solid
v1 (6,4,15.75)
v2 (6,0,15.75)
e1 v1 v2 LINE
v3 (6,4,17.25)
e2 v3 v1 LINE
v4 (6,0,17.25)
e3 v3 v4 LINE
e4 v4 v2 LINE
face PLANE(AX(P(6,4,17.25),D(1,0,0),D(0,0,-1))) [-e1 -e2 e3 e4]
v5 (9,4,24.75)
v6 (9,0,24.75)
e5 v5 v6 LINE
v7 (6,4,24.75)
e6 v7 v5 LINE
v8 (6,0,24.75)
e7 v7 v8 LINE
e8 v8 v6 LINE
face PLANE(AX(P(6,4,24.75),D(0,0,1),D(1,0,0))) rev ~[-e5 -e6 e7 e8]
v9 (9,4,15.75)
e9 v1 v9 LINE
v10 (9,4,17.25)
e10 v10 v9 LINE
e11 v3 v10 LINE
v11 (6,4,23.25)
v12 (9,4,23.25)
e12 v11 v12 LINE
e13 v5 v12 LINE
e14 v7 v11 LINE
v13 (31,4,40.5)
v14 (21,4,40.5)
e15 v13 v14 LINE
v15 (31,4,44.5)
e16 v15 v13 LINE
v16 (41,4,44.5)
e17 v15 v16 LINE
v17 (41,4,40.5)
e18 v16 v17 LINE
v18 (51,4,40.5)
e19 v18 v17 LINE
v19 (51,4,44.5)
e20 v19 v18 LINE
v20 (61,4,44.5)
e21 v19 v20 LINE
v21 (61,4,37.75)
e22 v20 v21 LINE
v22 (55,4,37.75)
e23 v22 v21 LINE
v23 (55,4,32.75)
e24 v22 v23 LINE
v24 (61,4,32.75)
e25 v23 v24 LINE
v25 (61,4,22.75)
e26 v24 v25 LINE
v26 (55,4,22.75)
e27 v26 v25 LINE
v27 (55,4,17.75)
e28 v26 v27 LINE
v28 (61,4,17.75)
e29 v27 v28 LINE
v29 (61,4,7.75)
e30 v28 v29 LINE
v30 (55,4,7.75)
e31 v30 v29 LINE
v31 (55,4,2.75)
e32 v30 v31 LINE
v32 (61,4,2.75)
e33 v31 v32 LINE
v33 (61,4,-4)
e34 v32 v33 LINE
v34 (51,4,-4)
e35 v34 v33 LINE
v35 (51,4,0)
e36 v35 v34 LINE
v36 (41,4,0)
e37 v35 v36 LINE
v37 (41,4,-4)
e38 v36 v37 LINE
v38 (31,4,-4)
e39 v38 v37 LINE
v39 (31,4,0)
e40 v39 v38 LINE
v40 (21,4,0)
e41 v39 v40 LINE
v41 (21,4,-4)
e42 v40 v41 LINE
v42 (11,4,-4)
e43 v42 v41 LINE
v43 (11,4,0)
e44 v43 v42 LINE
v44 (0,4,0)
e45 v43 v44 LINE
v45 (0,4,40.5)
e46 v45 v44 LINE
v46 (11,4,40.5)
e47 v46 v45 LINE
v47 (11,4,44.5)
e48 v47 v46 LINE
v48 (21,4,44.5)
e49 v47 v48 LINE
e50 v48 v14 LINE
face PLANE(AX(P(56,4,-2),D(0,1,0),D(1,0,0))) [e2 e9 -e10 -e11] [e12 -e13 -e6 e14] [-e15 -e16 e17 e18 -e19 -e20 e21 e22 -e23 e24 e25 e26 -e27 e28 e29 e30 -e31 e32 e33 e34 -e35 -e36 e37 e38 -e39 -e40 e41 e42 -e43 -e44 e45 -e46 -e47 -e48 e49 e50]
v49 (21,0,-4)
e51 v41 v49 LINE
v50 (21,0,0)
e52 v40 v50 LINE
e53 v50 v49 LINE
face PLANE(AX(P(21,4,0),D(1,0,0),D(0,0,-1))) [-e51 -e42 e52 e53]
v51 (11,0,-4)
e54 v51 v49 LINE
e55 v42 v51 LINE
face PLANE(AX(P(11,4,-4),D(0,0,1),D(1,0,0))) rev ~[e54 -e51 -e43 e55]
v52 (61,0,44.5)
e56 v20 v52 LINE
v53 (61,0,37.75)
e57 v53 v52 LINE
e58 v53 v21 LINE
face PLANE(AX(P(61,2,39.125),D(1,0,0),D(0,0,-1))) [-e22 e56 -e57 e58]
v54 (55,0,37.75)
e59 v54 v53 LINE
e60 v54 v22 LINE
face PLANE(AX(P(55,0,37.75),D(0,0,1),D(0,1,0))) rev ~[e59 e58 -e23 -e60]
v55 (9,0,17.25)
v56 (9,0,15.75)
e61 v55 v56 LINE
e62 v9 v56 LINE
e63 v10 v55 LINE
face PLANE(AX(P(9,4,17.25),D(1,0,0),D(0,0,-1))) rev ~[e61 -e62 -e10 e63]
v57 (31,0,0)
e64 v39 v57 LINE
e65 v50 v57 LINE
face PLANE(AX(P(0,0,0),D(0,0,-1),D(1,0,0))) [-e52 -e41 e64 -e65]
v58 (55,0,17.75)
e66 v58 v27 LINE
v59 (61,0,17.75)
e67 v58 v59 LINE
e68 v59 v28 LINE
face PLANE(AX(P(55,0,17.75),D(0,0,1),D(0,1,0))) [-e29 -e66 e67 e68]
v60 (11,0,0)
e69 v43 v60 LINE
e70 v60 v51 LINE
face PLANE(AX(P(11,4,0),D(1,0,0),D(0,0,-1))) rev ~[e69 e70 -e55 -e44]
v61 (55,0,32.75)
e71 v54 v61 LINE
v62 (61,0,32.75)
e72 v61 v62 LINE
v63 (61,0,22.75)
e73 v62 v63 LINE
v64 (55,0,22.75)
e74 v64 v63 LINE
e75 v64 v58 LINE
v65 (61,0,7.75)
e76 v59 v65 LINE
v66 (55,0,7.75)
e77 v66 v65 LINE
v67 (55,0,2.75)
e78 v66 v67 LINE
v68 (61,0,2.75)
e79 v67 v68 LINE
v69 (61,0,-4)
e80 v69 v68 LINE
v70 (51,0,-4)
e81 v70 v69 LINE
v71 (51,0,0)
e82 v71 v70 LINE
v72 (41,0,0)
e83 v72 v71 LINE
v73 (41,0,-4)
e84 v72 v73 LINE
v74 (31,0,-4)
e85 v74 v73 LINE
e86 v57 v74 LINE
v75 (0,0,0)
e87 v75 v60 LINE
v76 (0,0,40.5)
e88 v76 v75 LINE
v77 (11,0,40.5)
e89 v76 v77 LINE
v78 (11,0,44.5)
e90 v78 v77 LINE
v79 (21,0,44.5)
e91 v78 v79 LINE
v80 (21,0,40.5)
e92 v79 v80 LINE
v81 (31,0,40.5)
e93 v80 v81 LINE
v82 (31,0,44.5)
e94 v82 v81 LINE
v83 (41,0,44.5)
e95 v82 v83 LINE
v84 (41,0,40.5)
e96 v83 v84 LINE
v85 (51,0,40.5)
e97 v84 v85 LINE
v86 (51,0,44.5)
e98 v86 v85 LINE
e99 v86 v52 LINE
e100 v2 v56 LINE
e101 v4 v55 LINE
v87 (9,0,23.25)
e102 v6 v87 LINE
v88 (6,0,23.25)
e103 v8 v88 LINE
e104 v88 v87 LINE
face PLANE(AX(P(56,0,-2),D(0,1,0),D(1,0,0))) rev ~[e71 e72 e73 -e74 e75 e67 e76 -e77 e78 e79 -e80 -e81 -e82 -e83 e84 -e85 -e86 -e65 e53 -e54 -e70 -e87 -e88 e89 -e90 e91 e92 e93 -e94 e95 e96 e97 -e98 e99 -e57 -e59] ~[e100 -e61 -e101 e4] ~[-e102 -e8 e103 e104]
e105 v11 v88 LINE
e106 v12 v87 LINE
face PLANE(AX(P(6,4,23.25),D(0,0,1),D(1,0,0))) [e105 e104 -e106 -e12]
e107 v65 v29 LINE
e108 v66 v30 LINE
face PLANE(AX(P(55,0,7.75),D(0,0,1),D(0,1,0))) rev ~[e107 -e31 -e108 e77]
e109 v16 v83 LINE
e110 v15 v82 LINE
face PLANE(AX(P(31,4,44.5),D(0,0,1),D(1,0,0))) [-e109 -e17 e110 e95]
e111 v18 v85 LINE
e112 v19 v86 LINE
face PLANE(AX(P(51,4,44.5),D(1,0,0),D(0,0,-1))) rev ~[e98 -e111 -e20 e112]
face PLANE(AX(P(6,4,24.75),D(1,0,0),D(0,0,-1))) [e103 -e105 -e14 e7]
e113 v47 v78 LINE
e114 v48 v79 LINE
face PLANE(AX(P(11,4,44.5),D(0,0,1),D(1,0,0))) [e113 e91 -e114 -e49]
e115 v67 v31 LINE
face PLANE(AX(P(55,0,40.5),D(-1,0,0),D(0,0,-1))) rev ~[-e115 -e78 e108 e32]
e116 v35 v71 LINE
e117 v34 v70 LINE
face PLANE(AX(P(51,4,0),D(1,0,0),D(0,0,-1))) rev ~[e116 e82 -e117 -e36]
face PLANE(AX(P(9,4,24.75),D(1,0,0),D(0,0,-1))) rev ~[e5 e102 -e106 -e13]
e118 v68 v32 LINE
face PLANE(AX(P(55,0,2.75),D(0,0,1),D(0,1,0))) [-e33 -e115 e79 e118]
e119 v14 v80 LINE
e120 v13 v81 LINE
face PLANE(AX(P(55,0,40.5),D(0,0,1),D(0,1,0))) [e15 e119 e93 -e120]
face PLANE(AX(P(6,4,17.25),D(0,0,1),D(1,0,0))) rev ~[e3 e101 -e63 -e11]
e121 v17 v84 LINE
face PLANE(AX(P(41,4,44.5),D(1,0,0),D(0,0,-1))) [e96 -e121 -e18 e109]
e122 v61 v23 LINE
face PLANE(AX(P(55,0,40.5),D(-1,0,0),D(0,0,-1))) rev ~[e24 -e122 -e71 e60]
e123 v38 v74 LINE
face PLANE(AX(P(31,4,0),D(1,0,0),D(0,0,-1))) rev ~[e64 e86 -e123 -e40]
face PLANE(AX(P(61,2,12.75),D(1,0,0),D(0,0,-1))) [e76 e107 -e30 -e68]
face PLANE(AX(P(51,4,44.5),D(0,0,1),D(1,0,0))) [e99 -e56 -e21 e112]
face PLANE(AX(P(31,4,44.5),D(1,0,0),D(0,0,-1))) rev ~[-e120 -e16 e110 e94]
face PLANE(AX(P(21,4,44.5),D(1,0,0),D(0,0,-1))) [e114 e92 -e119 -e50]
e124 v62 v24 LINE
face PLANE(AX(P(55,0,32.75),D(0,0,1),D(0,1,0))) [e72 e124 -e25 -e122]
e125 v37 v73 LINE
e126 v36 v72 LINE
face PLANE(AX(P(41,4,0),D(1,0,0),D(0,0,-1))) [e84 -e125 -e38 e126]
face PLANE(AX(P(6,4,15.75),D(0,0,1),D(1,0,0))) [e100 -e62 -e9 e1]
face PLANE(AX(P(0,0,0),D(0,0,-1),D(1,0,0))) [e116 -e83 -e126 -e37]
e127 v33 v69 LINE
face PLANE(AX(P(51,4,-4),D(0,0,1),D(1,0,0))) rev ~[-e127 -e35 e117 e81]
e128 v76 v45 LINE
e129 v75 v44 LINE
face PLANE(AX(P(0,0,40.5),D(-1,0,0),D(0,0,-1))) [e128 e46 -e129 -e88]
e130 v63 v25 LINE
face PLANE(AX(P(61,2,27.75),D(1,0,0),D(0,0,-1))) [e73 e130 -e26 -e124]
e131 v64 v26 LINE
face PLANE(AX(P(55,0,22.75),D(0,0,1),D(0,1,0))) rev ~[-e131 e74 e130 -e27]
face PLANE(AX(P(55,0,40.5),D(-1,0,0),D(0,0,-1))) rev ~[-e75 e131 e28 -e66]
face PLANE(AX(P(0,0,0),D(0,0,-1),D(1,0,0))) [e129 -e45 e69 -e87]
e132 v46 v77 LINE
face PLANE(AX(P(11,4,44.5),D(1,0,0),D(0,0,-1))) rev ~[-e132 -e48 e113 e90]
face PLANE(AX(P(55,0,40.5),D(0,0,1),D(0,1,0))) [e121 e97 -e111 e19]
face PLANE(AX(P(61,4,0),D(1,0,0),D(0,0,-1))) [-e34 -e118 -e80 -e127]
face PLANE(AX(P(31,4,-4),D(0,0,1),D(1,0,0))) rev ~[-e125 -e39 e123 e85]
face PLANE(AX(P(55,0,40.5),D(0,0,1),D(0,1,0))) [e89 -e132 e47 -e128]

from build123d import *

# Parameters (mm, degrees)
SKETCH1_W           = 55
SKETCH1_H           = 40.5
BOSS_EXTRUDE1_DEPTH = 4
SKETCH2_W           = 2.75
SKETCH2_H           = 4
SKETCH2_W_2         = 10
BOSS_EXTRUDE2_DEPTH = 6
SKETCH3_W           = 10
SKETCH3_H           = 4
BOSS_EXTRUDE3_DEPTH = 4
LPATTERN1_COUNT     = 3
LPATTERN1_PITCH     = 20
SKETCH4_W           = 3
SKETCH4_H           = 1.5
CUT_EXTRUDE1_DEPTH  = 5


with BuildPart() as part:
    # Sketch1 → Boss-Extrude1 (new body)
    with BuildSketch(Plane(origin=(0, 0, 0), x_dir=(1, 0, 0), z_dir=(0, 1, 0))):
        with Locations((27.5, -20.25)):
            Rectangle(SKETCH1_W, SKETCH1_H)
    extrude(amount=BOSS_EXTRUDE1_DEPTH)

    # Sketch2 → Boss-Extrude2 (add)
    with BuildSketch(Plane(origin=(55, 0, 0), x_dir=(0, 0, -1), z_dir=(1, 0, 0))):
        with Locations((-39.125, 2)):
            Rectangle(SKETCH2_W, SKETCH2_H)
        with Locations((-27.75, 2)):
            Rectangle(SKETCH2_W_2, SKETCH2_H)
        with Locations((-12.75, 2)):
            Rectangle(SKETCH2_W_2, SKETCH2_H)
        with Locations((-1.375, 2)):
            Rectangle(SKETCH2_W, SKETCH2_H)
    extrude(amount=BOSS_EXTRUDE2_DEPTH)

    # Sketch3 → Boss-Extrude3 (add, through all)
    with BuildSketch(Plane(origin=(0, 4, 0), x_dir=(1, 0, 0), z_dir=(0, 1, 0))):
        with Locations((56, 2)):
            Rectangle(SKETCH3_W, SKETCH3_H)
        with Locations((56, -42.5)):
            Rectangle(SKETCH3_W, SKETCH3_H)
    boss_extrude3 = extrude(amount=-BOSS_EXTRUDE3_DEPTH)

    # LPattern1: Boss-Extrude3 ×3
    with Locations(*[(-i * LPATTERN1_PITCH, 0, 0) for i in range(1, LPATTERN1_COUNT)]):
        add(boss_extrude3)

    # Sketch4 → Cut-Extrude1 (cut, through all)
    with BuildSketch(Plane(origin=(0, 4, 0), x_dir=(1, 0, 0), z_dir=(0, 1, 0))):
        with Locations((7.5, -24)):
            Rectangle(SKETCH4_W, SKETCH4_H)
        with Locations((7.5, -16.5)):
            Rectangle(SKETCH4_W, SKETCH4_H)
    extrude(amount=-CUT_EXTRUDE1_DEPTH, mode=Mode.SUBTRACT)


solid = part.part
